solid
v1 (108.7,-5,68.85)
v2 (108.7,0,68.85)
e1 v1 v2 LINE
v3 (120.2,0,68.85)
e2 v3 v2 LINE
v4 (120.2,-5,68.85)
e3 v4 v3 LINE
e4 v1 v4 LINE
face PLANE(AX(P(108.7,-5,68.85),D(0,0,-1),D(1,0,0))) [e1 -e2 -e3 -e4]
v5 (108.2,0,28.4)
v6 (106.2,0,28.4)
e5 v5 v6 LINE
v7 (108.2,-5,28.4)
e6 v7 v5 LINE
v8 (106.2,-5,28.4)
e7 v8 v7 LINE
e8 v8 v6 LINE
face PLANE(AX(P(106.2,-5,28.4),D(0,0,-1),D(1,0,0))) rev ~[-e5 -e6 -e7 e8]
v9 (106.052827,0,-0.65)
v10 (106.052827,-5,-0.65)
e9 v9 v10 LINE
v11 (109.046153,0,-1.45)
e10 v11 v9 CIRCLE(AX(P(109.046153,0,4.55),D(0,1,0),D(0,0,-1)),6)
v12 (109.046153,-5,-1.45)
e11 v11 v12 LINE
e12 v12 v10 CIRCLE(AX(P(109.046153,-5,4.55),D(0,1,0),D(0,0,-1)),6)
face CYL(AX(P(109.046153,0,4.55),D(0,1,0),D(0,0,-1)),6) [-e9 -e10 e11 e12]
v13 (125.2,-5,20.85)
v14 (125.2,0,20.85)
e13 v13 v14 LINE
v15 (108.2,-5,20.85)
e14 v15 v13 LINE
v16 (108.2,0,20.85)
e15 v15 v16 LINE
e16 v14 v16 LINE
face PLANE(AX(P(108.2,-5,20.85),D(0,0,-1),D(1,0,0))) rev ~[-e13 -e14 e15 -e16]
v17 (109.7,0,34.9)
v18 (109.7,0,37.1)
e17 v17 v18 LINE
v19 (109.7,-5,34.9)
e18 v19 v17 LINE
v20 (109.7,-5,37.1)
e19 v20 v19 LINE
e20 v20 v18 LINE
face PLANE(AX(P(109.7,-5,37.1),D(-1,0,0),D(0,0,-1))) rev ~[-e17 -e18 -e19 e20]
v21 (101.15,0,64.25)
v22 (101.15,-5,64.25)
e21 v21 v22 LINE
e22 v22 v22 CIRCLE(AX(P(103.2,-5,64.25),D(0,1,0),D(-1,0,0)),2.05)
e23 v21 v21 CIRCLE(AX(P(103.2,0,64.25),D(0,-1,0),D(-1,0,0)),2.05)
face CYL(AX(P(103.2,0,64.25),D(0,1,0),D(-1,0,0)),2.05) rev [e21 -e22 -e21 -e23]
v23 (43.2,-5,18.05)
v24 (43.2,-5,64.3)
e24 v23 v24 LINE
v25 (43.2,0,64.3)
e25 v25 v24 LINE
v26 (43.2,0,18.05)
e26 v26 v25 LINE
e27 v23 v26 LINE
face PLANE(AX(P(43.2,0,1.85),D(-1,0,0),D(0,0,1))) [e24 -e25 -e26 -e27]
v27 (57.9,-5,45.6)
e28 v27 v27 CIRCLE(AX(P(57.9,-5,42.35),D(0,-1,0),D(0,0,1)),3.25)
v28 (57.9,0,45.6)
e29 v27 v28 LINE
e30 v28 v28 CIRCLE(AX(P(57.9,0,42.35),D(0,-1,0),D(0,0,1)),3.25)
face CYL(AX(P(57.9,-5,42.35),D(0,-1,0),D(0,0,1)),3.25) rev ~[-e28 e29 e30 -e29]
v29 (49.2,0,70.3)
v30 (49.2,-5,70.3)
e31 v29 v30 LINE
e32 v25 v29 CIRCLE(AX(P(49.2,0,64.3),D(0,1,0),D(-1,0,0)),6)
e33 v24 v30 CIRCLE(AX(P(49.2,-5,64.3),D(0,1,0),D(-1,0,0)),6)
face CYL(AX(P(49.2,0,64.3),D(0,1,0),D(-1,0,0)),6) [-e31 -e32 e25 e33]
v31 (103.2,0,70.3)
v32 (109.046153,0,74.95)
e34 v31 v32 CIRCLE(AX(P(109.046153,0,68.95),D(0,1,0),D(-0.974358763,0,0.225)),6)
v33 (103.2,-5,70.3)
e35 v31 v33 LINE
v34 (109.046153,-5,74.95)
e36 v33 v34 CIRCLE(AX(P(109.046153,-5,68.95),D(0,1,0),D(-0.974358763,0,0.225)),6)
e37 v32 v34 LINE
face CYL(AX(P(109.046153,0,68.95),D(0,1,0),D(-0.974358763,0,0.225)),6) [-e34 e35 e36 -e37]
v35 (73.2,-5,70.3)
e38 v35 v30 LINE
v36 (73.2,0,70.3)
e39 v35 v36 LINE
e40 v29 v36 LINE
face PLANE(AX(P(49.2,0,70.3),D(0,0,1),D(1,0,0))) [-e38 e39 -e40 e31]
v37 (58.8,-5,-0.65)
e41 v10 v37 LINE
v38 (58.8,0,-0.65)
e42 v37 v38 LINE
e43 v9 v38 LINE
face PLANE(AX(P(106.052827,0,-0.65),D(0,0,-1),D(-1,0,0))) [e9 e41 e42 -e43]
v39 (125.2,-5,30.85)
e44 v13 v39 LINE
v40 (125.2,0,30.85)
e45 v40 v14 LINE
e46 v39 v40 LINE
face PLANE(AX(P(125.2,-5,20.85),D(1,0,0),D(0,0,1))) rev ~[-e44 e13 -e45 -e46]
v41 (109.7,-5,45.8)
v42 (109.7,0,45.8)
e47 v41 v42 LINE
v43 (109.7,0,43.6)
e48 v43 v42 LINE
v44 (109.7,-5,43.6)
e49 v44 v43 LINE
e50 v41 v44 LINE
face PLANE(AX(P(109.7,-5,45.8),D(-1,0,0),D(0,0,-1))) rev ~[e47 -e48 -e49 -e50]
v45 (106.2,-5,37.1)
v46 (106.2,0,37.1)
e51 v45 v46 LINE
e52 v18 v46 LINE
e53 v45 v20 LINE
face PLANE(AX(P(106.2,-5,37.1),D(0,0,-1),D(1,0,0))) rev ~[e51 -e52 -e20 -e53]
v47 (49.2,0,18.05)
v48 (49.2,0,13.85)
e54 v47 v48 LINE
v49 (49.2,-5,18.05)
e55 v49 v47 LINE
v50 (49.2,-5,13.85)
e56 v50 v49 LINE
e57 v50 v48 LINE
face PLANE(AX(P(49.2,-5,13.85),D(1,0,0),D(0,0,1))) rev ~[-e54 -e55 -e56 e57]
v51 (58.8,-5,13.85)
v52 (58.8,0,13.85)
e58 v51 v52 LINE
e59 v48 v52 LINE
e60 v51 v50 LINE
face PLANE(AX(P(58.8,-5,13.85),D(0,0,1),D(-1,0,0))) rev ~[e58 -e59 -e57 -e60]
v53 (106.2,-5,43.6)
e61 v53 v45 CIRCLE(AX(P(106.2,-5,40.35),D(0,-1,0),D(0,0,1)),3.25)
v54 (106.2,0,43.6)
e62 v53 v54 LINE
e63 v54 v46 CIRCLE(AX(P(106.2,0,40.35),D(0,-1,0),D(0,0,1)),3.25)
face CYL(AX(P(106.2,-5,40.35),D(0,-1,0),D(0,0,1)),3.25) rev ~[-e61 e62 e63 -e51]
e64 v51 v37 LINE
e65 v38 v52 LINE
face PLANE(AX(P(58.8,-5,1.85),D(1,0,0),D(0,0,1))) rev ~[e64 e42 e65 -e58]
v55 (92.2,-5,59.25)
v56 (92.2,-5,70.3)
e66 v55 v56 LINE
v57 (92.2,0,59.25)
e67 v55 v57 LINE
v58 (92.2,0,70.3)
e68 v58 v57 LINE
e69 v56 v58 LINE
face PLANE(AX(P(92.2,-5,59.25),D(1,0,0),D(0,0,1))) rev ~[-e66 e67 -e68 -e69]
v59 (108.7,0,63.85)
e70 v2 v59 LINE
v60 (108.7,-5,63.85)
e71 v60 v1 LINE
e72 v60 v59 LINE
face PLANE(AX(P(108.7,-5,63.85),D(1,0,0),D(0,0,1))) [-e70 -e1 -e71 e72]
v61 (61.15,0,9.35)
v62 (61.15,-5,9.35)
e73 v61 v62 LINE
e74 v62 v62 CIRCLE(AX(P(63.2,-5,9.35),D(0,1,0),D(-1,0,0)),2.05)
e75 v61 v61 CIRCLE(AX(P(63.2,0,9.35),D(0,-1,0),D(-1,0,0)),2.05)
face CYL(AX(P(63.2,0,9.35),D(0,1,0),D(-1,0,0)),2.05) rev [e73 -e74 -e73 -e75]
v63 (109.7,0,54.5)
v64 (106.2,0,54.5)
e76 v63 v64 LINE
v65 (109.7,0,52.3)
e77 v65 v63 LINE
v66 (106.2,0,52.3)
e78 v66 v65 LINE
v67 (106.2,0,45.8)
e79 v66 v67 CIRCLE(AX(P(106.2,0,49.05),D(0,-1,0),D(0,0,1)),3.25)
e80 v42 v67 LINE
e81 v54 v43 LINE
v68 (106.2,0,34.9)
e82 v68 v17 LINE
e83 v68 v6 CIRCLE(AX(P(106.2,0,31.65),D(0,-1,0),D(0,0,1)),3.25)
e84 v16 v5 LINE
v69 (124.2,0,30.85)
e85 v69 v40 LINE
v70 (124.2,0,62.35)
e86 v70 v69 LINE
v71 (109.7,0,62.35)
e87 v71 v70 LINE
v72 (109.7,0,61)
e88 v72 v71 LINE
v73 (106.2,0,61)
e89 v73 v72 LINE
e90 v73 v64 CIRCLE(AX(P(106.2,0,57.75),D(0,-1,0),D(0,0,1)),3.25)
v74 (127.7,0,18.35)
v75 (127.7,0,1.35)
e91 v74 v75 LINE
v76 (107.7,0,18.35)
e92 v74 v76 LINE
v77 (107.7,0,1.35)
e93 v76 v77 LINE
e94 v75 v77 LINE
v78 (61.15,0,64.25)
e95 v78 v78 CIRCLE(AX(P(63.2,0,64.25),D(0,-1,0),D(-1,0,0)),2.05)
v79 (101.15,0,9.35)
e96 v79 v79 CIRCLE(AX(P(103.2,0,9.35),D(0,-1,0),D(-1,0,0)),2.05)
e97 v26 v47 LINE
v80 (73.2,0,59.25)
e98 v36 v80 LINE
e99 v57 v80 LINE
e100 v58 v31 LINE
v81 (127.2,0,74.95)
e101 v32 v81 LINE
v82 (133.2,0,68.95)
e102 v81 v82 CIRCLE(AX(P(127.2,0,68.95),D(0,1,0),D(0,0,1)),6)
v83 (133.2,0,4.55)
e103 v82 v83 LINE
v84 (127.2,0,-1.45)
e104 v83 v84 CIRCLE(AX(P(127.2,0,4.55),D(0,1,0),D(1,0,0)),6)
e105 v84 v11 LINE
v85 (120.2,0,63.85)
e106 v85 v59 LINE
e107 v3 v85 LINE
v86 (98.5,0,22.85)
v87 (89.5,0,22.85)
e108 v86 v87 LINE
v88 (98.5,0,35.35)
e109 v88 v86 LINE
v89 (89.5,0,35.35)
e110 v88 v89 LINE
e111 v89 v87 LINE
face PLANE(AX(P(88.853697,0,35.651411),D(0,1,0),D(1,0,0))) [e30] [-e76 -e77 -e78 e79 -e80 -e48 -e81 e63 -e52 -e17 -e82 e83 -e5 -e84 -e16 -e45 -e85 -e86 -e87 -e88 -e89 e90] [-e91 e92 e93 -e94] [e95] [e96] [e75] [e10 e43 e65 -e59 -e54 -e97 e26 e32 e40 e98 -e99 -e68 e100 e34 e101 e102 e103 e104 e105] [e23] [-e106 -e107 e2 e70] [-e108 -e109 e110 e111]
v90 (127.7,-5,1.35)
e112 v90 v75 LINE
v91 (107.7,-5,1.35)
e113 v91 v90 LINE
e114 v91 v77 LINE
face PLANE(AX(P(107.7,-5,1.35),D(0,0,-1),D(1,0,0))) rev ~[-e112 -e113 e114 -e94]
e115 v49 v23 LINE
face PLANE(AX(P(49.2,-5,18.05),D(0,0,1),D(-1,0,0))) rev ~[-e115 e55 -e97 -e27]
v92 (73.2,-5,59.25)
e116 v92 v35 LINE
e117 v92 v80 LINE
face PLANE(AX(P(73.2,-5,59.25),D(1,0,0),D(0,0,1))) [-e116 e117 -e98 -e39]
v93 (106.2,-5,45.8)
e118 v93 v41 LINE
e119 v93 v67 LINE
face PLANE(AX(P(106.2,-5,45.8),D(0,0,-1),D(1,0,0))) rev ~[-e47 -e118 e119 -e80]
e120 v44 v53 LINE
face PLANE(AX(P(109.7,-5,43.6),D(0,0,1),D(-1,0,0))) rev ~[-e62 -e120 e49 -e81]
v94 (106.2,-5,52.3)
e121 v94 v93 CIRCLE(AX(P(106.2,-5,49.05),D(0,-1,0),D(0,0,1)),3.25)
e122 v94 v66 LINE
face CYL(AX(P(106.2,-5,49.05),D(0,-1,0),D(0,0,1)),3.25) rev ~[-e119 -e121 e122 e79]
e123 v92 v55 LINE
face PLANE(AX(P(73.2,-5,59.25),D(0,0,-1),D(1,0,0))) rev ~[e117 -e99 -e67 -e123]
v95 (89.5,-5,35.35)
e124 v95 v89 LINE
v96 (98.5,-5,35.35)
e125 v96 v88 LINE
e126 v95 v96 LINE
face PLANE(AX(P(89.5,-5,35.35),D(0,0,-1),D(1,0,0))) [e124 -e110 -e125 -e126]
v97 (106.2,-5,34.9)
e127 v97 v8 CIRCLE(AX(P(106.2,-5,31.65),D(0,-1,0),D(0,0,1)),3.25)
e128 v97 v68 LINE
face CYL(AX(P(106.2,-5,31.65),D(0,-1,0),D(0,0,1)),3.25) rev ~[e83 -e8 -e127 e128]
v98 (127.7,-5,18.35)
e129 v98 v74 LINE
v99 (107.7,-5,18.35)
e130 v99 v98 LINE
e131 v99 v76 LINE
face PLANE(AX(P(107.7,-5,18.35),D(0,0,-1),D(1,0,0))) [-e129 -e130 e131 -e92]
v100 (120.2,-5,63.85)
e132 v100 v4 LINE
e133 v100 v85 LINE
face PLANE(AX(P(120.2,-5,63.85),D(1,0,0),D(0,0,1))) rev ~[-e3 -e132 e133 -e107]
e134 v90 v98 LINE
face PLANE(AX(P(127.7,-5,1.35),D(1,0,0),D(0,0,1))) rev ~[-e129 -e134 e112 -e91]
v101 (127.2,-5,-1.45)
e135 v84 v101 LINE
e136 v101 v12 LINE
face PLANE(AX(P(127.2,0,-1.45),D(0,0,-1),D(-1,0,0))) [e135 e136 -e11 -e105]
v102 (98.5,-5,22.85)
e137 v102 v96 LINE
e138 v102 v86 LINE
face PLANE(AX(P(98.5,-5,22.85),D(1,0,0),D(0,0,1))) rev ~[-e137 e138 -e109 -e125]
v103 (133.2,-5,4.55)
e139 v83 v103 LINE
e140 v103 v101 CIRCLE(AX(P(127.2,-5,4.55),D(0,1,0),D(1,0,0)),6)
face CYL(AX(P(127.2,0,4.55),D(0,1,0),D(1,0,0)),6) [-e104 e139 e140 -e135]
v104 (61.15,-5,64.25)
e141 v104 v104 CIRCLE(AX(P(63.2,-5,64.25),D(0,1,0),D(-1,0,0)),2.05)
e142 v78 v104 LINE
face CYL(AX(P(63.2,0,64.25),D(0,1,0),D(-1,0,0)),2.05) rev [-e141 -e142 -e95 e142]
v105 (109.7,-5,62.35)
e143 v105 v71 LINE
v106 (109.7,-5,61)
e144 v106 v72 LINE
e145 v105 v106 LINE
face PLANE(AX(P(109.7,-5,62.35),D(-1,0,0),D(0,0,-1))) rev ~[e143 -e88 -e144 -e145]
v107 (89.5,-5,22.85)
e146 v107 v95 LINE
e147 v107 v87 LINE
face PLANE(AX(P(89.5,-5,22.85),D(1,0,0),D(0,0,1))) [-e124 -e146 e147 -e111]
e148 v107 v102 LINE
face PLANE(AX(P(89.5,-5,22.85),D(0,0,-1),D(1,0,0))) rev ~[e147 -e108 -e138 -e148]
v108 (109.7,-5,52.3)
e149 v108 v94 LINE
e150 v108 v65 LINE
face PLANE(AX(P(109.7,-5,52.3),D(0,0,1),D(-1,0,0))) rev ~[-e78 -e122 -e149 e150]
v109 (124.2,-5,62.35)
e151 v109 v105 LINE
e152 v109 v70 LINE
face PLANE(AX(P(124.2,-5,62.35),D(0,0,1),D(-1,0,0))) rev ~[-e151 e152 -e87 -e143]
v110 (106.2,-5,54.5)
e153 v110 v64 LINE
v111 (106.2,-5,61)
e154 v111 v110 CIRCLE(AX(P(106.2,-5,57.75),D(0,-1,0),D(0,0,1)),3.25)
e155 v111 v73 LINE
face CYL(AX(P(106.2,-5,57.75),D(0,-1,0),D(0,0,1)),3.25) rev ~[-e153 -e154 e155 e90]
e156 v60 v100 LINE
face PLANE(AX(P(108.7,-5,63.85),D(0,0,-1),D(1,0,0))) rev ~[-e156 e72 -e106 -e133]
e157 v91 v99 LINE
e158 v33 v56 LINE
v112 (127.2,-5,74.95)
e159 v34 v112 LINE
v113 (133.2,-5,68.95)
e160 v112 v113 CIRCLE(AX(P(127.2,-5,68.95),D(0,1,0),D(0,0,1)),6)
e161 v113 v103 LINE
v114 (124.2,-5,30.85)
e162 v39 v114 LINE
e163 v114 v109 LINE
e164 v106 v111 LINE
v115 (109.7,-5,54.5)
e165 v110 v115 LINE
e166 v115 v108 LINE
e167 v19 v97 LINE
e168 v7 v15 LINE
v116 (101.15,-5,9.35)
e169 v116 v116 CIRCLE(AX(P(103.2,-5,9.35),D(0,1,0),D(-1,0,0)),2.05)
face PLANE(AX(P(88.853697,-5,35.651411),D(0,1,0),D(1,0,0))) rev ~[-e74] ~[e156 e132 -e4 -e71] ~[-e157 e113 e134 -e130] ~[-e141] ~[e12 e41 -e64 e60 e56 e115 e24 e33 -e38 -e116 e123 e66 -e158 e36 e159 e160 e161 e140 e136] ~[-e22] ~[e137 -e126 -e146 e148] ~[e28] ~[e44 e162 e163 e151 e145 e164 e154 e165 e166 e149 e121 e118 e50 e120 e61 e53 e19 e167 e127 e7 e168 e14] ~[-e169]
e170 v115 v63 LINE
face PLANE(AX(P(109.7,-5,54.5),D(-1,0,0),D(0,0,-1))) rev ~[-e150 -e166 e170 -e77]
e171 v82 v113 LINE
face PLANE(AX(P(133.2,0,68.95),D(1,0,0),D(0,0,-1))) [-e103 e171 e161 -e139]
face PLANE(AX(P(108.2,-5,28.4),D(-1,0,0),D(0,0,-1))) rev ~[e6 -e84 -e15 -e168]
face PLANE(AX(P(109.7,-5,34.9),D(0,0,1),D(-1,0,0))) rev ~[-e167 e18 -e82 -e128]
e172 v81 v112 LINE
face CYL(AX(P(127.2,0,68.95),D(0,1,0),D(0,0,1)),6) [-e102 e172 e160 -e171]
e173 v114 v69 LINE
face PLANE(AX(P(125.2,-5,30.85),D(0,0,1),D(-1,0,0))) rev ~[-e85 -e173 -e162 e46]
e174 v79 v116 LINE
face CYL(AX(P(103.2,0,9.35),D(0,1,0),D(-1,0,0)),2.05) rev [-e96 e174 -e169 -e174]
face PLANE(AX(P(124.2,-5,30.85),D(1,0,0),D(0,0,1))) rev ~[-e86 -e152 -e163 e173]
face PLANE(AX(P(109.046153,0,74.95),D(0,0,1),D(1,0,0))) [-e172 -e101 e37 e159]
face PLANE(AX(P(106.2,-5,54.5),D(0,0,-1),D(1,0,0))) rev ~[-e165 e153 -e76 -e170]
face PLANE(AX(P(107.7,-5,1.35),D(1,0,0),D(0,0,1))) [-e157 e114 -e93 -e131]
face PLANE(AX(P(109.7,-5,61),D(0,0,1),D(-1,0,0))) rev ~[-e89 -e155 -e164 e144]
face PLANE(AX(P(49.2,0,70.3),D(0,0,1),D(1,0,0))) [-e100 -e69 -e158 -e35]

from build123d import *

# Parameters (mm, degrees)
SKETCH_2_R          = 6.05
SKETCH_2_R_2        = 2.05
EXTRUDE_1_DEPTH     = 5
EXTRUDE_1_2_DEPTH   = 5
EXTRUDE_1_3_DEPTH   = 5
EXTRUDE_1_4_DEPTH   = 5
SKETCH_6_R          = 2.05
EXTRUDE_1_5_DEPTH   = 5
SKETCH_11_R         = 3.25
SKETCH_11_W         = 19
SKETCH_11_H         = 11.05
SKETCH_11_W_2       = 20
SKETCH_11_H_2       = 17
SKETCH_11_W_3       = 9
SKETCH_11_H_3       = 12.5
SKETCH_11_W_4       = 11.5
SKETCH_11_H_4       = 5
CUT_EXTRUDE_4_DEPTH = 151.533194014
CUT_EXTRUDE_5_DEPTH = 153.920706577


with BuildPart() as part:
    # 草图2 → Extrude 1 (new body)
    with BuildSketch(Plane(origin=(0, 0, 0), x_dir=(-1, 0, 0), z_dir=(0, -1, 0))):
        with Locations((-103.2, -9.35)):
            Circle(SKETCH_2_R)
        with Locations((-103.2, -9.35)):
            Circle(SKETCH_2_R_2, mode=Mode.SUBTRACT)
    extrude(amount=EXTRUDE_1_DEPTH)



with BuildPart() as body_2:
    # 草图2 → Extrude 1 2 (new body)
    with BuildSketch(Plane(origin=(0, 0, 0), x_dir=(-1, 0, 0), z_dir=(0, -1, 0))):
        with Locations((-63.2, -9.35)):
            Circle(SKETCH_2_R)
        with Locations((-63.2, -9.35)):
            Circle(SKETCH_2_R_2, mode=Mode.SUBTRACT)
    extrude(amount=EXTRUDE_1_2_DEPTH)


with BuildPart() as body_3:
    # 草图2 → Extrude 1 3 (new body)
    with BuildSketch(Plane(origin=(0, 0, 0), x_dir=(-1, 0, 0), z_dir=(0, -1, 0))):
        with Locations((-63.2, -64.25)):
            Circle(SKETCH_2_R)
        with Locations((-63.2, -64.25)):
            Circle(SKETCH_2_R_2, mode=Mode.SUBTRACT)
    extrude(amount=EXTRUDE_1_3_DEPTH)


with BuildPart() as body_4:
    # 草图2 → Extrude 1 4 (new body)
    with BuildSketch(Plane(origin=(0, 0, 0), x_dir=(-1, 0, 0), z_dir=(0, -1, 0))):
        with Locations((-103.2, -64.25)):
            Circle(SKETCH_2_R)
        with Locations((-103.2, -64.25)):
            Circle(SKETCH_2_R_2, mode=Mode.SUBTRACT)
    extrude(amount=EXTRUDE_1_4_DEPTH)


with BuildPart() as part_1:
    add(part.part)

    add(body_2.part)  # Extrude 1 5 merges body 2

    add(body_3.part)  # Extrude 1 5 merges body 3

    add(body_4.part)  # Extrude 1 5 merges body 4
    # 草图6 → Extrude 1 5 (add)
    with BuildSketch(Plane(origin=(0, 0, 0), x_dir=(1, 0, 0), z_dir=(0, 1, 0))):
        with BuildLine():
            Line((127.2, 1.45), (109.046152581, 1.45))
            ThreePointArc((109.046152581, 1.45), (107.496959242, 1.246550698), (106.052826672, 0.65))
            Line((106.052826672, 0.65), (63.2, 0.65))
            Line((63.2, 0.65), (45.7, 0.65))
            ThreePointArc((45.7, 0.65), (43.932233047, -0.082233047), (43.2, -1.85))
            Line((43.2, -1.85), (43.2, -64.3))
            ThreePointArc((43.2, -64.3), (44.957359313, -68.542640687), (49.2, -70.3))
            Line((49.2, -70.3), (103.2, -70.3))
            ThreePointArc((103.2, -70.3), (105.311182702, -73.645742753), (109.046152581, -74.95))
            Line((109.046152581, -74.95), (127.2, -74.95))
            ThreePointArc((127.2, -74.95), (131.442640687, -73.192640687), (133.2, -68.95))
            Line((133.2, -68.95), (133.2, -4.55))
            ThreePointArc((133.2, -4.55), (131.442640687, -0.307359313), (127.2, 1.45))
        make_face()
        with Locations(Location((103.2, -9.35, 0), (0, 0, 270))):
            Circle(SKETCH_6_R, mode=Mode.SUBTRACT)
        with Locations(Location((103.2, -64.25, 0), (0, 0, 270))):
            Circle(SKETCH_6_R, mode=Mode.SUBTRACT)
        with Locations(Location((63.2, -64.25, 0), (0, 0, 270))):
            Circle(SKETCH_6_R, mode=Mode.SUBTRACT)
        with Locations(Location((63.2, -9.35, 0), (0, 0, 90))):
            Circle(SKETCH_6_R, mode=Mode.SUBTRACT)
    extrude(amount=-EXTRUDE_1_5_DEPTH)

    # 草图11 → 切除-拉伸4 (cut, through all)
    with BuildSketch(Plane(origin=(0, -5, 5), x_dir=(1, 0, 0), z_dir=(0, -1, 0))):
        Polygon((49.2, 13.05), (43.2, 13.05), (43.2, 6.35), (45.8, 6.35), (45.8, -3.15), (58.8, -3.15), (58.8, 8.85), (49.2, 8.85), align=None)
        with Locations(Location((57.9, 37.35, 0), (0, 0, 90))):
            Circle(SKETCH_11_R)
        with Locations((82.7, 59.775)):
            Rectangle(SKETCH_11_W, SKETCH_11_H)
        with Locations((117.7, 4.85)):
            Rectangle(SKETCH_11_W_2, SKETCH_11_H_2)
        with Locations((94, 24.1)):
            Rectangle(SKETCH_11_W_3, SKETCH_11_H_3)
        with Locations((114.45, 61.35)):
            Rectangle(SKETCH_11_W_4, SKETCH_11_H_4)
        with BuildLine():
            ThreePointArc((106.2, 29.9), (102.95, 26.65), (106.2, 23.4))
            Line((106.2, 23.4), (108.2, 23.4))
            Line((108.2, 23.4), (108.2, 15.85))
            Line((108.2, 15.85), (125.2, 15.85))
            Line((125.2, 15.85), (125.2, 25.85))
            Line((125.2, 25.85), (124.2, 25.85))
            Line((124.2, 25.85), (124.2, 57.35))
            Line((124.2, 57.35), (109.7, 57.35))
            Line((109.7, 57.35), (109.7, 56))
            Line((109.7, 56), (106.2, 56))
            ThreePointArc((106.2, 56), (102.95, 52.75), (106.2, 49.5))
            Line((106.2, 49.5), (109.7, 49.5))
            Line((109.7, 49.5), (109.7, 47.3))
            Line((109.7, 47.3), (106.2, 47.3))
            ThreePointArc((106.2, 47.3), (102.95, 44.05), (106.2, 40.8))
            Line((106.2, 40.8), (109.7, 40.8))
            Line((109.7, 40.8), (109.7, 38.6))
            Line((109.7, 38.6), (106.2, 38.6))
            ThreePointArc((106.2, 38.6), (102.95, 35.35), (106.2, 32.1))
            Line((106.2, 32.1), (109.7, 32.1))
            Line((109.7, 32.1), (109.7, 29.9))
            Line((109.7, 29.9), (106.2, 29.9))
        make_face()
    extrude(amount=-CUT_EXTRUDE_4_DEPTH, mode=Mode.SUBTRACT)

    # 草图12 → Cut-Extrude 5 (cut, through all)
    with BuildSketch(Plane.XZ.offset(5)):
        with BuildLine():
            Line((58.8, -0.65), (58.8, 1.85))
            Line((58.8, 1.85), (45.8, 1.85))
            Line((45.8, 1.85), (45.8, 11.35))
            Line((45.8, 11.35), (43.2, 11.35))
            Line((43.2, 11.35), (43.2, 1.85))
            ThreePointArc((43.2, 1.85), (43.932233047, 0.082233047), (45.7, -0.65))
            Line((45.7, -0.65), (58.8, -0.65))
        make_face()
    extrude(amount=-CUT_EXTRUDE_5_DEPTH, mode=Mode.SUBTRACT)


solid = part_1.part
